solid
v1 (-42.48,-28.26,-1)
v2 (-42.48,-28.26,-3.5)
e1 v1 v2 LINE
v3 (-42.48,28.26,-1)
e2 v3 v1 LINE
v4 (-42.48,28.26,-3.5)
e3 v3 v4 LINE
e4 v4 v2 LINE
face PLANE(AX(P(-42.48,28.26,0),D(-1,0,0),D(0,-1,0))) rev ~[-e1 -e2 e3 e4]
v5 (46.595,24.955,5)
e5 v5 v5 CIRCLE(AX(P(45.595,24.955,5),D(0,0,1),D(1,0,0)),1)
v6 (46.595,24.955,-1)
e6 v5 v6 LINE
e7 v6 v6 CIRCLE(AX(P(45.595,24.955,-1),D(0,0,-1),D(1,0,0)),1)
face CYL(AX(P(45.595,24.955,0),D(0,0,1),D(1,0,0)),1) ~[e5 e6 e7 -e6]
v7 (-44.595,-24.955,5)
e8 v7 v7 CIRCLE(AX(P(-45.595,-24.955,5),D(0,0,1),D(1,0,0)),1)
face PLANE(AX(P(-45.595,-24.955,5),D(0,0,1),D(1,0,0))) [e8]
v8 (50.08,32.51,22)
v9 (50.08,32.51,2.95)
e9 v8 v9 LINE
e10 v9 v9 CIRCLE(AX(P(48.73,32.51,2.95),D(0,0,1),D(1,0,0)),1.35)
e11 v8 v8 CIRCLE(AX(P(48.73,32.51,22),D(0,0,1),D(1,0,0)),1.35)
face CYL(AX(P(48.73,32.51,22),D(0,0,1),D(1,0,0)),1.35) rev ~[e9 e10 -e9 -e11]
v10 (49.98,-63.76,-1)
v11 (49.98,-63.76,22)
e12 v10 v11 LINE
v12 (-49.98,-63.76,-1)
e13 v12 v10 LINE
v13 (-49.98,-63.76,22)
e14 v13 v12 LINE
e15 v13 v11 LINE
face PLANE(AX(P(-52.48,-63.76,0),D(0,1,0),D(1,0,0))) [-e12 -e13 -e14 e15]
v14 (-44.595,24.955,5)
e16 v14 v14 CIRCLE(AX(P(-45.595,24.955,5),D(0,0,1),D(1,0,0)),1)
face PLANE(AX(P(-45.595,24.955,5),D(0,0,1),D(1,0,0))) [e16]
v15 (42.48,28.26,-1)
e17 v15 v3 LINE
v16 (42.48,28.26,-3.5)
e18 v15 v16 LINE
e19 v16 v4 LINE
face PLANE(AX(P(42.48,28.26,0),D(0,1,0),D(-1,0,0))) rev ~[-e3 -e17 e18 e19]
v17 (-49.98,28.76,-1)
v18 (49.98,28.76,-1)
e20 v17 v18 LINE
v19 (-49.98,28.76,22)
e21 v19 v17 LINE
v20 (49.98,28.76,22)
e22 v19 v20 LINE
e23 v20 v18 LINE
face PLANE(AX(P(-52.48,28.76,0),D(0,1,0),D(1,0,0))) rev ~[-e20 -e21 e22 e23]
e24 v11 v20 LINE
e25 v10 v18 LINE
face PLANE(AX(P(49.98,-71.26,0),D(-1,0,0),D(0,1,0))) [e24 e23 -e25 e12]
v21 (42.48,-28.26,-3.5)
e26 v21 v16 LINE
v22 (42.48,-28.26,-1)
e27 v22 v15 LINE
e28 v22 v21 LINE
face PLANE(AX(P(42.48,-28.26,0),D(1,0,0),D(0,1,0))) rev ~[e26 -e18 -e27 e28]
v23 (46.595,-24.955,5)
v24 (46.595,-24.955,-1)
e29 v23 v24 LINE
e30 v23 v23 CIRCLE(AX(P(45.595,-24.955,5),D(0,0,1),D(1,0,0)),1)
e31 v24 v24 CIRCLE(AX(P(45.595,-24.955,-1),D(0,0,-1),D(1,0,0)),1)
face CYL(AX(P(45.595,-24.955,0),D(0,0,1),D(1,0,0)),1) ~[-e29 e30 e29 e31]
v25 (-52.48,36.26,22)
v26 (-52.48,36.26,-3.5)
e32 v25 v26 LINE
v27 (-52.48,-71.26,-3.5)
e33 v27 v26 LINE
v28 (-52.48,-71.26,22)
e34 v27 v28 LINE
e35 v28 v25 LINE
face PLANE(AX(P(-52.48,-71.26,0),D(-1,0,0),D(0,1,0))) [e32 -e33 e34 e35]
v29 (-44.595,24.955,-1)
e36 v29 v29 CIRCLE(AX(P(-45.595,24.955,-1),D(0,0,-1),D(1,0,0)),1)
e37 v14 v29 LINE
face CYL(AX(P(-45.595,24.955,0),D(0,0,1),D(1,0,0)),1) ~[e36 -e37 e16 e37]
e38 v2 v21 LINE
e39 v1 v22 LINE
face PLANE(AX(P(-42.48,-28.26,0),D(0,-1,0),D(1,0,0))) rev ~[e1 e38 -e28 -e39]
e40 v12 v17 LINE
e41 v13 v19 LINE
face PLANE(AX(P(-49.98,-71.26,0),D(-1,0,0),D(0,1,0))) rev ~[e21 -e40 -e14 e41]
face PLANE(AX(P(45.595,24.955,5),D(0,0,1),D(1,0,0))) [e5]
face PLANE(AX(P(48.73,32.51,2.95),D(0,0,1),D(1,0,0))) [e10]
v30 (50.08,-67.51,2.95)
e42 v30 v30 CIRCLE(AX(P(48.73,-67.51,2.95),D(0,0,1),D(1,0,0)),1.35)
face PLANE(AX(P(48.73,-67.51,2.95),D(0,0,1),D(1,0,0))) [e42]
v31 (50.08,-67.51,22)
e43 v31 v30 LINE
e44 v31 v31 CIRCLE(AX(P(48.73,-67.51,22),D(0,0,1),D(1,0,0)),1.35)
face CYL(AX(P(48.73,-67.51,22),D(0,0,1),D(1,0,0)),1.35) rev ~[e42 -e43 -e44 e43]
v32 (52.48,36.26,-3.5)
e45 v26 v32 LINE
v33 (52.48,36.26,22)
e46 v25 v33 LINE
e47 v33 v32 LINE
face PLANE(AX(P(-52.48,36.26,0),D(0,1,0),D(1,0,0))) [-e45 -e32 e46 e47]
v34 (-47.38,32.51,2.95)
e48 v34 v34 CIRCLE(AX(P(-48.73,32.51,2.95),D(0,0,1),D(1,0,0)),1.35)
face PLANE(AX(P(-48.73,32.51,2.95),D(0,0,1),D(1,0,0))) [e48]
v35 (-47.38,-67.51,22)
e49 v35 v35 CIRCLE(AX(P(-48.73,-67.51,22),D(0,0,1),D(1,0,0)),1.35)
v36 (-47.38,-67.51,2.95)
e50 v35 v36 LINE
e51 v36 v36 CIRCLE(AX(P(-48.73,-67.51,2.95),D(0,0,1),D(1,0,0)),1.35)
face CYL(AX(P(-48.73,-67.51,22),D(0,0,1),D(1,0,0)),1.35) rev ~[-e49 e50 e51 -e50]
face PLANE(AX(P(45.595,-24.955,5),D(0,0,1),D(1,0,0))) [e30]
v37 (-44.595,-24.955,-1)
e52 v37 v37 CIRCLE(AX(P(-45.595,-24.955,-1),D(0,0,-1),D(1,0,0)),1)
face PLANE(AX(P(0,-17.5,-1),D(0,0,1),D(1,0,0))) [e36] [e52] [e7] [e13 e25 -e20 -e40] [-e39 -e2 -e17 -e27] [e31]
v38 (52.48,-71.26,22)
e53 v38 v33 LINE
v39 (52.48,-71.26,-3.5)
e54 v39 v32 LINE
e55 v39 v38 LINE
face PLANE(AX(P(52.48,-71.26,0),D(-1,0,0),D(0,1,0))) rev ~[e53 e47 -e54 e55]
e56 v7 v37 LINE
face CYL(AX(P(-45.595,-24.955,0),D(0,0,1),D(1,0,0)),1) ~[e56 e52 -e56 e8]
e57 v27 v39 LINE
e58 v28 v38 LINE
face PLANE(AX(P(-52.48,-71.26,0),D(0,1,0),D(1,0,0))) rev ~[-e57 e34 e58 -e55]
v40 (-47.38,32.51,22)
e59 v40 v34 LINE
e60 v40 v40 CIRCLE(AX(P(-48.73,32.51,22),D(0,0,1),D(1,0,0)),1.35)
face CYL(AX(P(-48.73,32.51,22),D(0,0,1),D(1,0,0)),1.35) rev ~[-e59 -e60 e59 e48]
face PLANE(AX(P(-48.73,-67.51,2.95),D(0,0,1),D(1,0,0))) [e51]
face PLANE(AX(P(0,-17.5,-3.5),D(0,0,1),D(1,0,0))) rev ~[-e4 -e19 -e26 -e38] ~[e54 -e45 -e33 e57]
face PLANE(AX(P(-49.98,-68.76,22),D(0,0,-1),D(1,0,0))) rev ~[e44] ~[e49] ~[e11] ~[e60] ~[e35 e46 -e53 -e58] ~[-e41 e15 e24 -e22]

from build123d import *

# Parameters (mm, degrees)
F0_W      = 104.96
F0_H      = 107.52
F0_W_2    = 6.23
F0_H_2    = 6.61
F0_R      = 1
F1_DEPTH  = 3.5
F2_DEPTH  = 22
F3_T      = -2.5
F4_DEPTH  = 3.501
F5_DEPTH  = 5
F5_FACE_R = 1
F6_DEPTH  = 1
F7_DEPTH  = 5
F8_DEPTH  = 5
F9_R      = 1.35
F10_DEPTH = 19.05


with BuildPart() as f1:
    # F0 (on Top) → F1 (new body)
    with BuildSketch(Plane.XY):
        with Locations((0, -17.5)):
            Rectangle(F0_W, F0_H)
        Polygon((-48.71, 28.26), (-42.48, 28.26), (42.48, 28.26), (48.71, 28.26), (48.71, 21.65), (42.48, 21.65), (42.48, -21.65), (48.71, -21.65), (48.71, -28.26), (42.48, -28.26), (-42.48, -28.26), (-48.71, -28.26), (-48.71, -21.65), (-42.48, -21.65), (-42.48, 21.65), (-48.71, 21.65), align=None, mode=Mode.SUBTRACT)
        with Locations((-45.595, -24.955)):
            Rectangle(F0_W_2, F0_H_2)
        with Locations((-45.595, -24.955)):
            Circle(F0_R, mode=Mode.SUBTRACT)
        with Locations((-45.595, 24.955)):
            Rectangle(F0_W_2, F0_H_2)
        with Locations((-45.595, 24.955)):
            Circle(F0_R, mode=Mode.SUBTRACT)
        with Locations((-45.595, 24.955)):
            Circle(F0_R)
        with Locations((-45.595, -24.955)):
            Circle(F0_R)
        with Locations((45.595, -24.955)):
            Rectangle(F0_W_2, F0_H_2)
        with Locations((45.595, -24.955)):
            Circle(F0_R, mode=Mode.SUBTRACT)
        with Locations((45.595, -24.955)):
            Circle(F0_R)
        with Locations((45.595, 24.955)):
            Rectangle(F0_W_2, F0_H_2)
        with Locations((45.595, 24.955)):
            Circle(F0_R, mode=Mode.SUBTRACT)
        with Locations((45.595, 24.955)):
            Circle(F0_R)
        Polygon((42.48, 28.26), (-42.48, 28.26), (-42.48, 21.65), (-42.48, -21.65), (-42.48, -28.26), (42.48, -28.26), (42.48, -21.65), (42.48, 21.65), align=None)
    extrude(amount=-F1_DEPTH)

    # F0 (on Top) → F2 (join)
    with BuildSketch(Plane.XY):
        with Locations((0, -17.5)):
            Rectangle(F0_W, F0_H)
        Polygon((-48.71, 28.26), (-42.48, 28.26), (42.48, 28.26), (48.71, 28.26), (48.71, 21.65), (42.48, 21.65), (42.48, -21.65), (48.71, -21.65), (48.71, -28.26), (42.48, -28.26), (-42.48, -28.26), (-48.71, -28.26), (-48.71, -21.65), (-42.48, -21.65), (-42.48, 21.65), (-48.71, 21.65), align=None, mode=Mode.SUBTRACT)
        with Locations((-45.595, -24.955)):
            Rectangle(F0_W_2, F0_H_2)
        with Locations((-45.595, -24.955)):
            Circle(F0_R, mode=Mode.SUBTRACT)
        with Locations((-45.595, 24.955)):
            Rectangle(F0_W_2, F0_H_2)
        with Locations((-45.595, 24.955)):
            Circle(F0_R, mode=Mode.SUBTRACT)
        with Locations((45.595, 24.955)):
            Rectangle(F0_W_2, F0_H_2)
        with Locations((45.595, 24.955)):
            Circle(F0_R, mode=Mode.SUBTRACT)
        with Locations((45.595, -24.955)):
            Rectangle(F0_W_2, F0_H_2)
        with Locations((45.595, -24.955)):
            Circle(F0_R, mode=Mode.SUBTRACT)
        with Locations((-45.595, -24.955)):
            Circle(F0_R)
        with Locations((-45.595, 24.955)):
            Circle(F0_R)
        with Locations((45.595, 24.955)):
            Circle(F0_R)
        with Locations((45.595, -24.955)):
            Circle(F0_R)
        Polygon((42.48, 28.26), (-42.48, 28.26), (-42.48, 21.65), (-42.48, -21.65), (-42.48, -28.26), (42.48, -28.26), (42.48, -21.65), (42.48, 21.65), align=None)
    extrude(amount=F2_DEPTH)

    # F3
    f3_openings = [f1.faces().sort_by_distance(p)[0] for p in [
        (0, -17.5, 22),
    ]]
    offset(amount=F3_T, openings=f3_openings)

    # F0 (on Top) → F4 (cut, through all)
    with BuildSketch(Plane.XY):
        Polygon((42.48, 28.26), (-42.48, 28.26), (-42.48, 21.65), (-42.48, -21.65), (-42.48, -28.26), (42.48, -28.26), (42.48, -21.65), (42.48, 21.65), align=None)
    extrude(amount=-F4_DEPTH, mode=Mode.SUBTRACT)



with BuildPart() as f5:
    # F0 (on Top) → F5 (new body)
    with BuildSketch(Plane.XY):
        with Locations((-45.595, -24.955)):
            Circle(F0_R)
    extrude(amount=F5_DEPTH)


with BuildPart() as f5b:
    # F0 (on Top) → F5, piece 2 (new body)
    with BuildSketch(Plane.XY):
        with Locations((45.595, 24.955)):
            Circle(F0_R)
    extrude(amount=F5_DEPTH)


with BuildPart() as f5c:
    # F0 (on Top) → F5, piece 3 (new body)
    with BuildSketch(Plane.XY):
        with Locations((45.595, -24.955)):
            Circle(F0_R)
    extrude(amount=F5_DEPTH)


with BuildPart() as f5d:
    # F0 (on Top) → F5, piece 4 (new body)
    with BuildSketch(Plane.XY):
        with Locations((-45.595, 24.955)):
            Circle(F0_R)
    extrude(amount=F5_DEPTH)


with BuildPart() as f1_1:
    add(f1.part)

    add(f5.part)  # F6 merges F5

    add(f5b.part)  # F6 merges F5b

    add(f5c.part)  # F6 merges F5c

    add(f5d.part)  # F6 merges F5d
    # F5_face (on face) → F6 (join)
    with BuildSketch(Plane(origin=(-45.595, 24.955, 0), x_dir=(1, 0, 0), z_dir=(0, 0, -1))):
        Circle(F5_FACE_R)
        with Locations((0, 49.91)):
            Circle(F5_FACE_R)
        with Locations((91.19, 49.91)):
            Circle(F5_FACE_R)
        with Locations((91.19, 0)):
            Circle(F5_FACE_R)
    extrude(amount=F6_DEPTH)

    # F7 (add): a face of the model
    f7_faces = [f1_1.faces().sort_by_distance(p)[0] for p in [
        (0, 33.76, 10.5),
    ]]
    extrude(f7_faces, amount=F7_DEPTH)

    # F8 (add): a face of the model
    f8_faces = [f1_1.faces().sort_by_distance(p)[0] for p in [
        (0, -68.76, 10.5),
    ]]
    extrude(f8_faces, amount=F8_DEPTH)

    # F9 (on face) → F10 (cut)
    with BuildSketch(Plane.XY.offset(22)):
        with Locations((-48.73, 32.51)):
            Circle(F9_R)
        with Locations((48.73, 32.51)):
            Circle(F9_R)
        with Locations((-48.73, -67.51)):
            Circle(F9_R)
        with Locations((48.73, -67.51)):
            Circle(F9_R)
    extrude(amount=-F10_DEPTH, mode=Mode.SUBTRACT)


solid = f1_1.part
